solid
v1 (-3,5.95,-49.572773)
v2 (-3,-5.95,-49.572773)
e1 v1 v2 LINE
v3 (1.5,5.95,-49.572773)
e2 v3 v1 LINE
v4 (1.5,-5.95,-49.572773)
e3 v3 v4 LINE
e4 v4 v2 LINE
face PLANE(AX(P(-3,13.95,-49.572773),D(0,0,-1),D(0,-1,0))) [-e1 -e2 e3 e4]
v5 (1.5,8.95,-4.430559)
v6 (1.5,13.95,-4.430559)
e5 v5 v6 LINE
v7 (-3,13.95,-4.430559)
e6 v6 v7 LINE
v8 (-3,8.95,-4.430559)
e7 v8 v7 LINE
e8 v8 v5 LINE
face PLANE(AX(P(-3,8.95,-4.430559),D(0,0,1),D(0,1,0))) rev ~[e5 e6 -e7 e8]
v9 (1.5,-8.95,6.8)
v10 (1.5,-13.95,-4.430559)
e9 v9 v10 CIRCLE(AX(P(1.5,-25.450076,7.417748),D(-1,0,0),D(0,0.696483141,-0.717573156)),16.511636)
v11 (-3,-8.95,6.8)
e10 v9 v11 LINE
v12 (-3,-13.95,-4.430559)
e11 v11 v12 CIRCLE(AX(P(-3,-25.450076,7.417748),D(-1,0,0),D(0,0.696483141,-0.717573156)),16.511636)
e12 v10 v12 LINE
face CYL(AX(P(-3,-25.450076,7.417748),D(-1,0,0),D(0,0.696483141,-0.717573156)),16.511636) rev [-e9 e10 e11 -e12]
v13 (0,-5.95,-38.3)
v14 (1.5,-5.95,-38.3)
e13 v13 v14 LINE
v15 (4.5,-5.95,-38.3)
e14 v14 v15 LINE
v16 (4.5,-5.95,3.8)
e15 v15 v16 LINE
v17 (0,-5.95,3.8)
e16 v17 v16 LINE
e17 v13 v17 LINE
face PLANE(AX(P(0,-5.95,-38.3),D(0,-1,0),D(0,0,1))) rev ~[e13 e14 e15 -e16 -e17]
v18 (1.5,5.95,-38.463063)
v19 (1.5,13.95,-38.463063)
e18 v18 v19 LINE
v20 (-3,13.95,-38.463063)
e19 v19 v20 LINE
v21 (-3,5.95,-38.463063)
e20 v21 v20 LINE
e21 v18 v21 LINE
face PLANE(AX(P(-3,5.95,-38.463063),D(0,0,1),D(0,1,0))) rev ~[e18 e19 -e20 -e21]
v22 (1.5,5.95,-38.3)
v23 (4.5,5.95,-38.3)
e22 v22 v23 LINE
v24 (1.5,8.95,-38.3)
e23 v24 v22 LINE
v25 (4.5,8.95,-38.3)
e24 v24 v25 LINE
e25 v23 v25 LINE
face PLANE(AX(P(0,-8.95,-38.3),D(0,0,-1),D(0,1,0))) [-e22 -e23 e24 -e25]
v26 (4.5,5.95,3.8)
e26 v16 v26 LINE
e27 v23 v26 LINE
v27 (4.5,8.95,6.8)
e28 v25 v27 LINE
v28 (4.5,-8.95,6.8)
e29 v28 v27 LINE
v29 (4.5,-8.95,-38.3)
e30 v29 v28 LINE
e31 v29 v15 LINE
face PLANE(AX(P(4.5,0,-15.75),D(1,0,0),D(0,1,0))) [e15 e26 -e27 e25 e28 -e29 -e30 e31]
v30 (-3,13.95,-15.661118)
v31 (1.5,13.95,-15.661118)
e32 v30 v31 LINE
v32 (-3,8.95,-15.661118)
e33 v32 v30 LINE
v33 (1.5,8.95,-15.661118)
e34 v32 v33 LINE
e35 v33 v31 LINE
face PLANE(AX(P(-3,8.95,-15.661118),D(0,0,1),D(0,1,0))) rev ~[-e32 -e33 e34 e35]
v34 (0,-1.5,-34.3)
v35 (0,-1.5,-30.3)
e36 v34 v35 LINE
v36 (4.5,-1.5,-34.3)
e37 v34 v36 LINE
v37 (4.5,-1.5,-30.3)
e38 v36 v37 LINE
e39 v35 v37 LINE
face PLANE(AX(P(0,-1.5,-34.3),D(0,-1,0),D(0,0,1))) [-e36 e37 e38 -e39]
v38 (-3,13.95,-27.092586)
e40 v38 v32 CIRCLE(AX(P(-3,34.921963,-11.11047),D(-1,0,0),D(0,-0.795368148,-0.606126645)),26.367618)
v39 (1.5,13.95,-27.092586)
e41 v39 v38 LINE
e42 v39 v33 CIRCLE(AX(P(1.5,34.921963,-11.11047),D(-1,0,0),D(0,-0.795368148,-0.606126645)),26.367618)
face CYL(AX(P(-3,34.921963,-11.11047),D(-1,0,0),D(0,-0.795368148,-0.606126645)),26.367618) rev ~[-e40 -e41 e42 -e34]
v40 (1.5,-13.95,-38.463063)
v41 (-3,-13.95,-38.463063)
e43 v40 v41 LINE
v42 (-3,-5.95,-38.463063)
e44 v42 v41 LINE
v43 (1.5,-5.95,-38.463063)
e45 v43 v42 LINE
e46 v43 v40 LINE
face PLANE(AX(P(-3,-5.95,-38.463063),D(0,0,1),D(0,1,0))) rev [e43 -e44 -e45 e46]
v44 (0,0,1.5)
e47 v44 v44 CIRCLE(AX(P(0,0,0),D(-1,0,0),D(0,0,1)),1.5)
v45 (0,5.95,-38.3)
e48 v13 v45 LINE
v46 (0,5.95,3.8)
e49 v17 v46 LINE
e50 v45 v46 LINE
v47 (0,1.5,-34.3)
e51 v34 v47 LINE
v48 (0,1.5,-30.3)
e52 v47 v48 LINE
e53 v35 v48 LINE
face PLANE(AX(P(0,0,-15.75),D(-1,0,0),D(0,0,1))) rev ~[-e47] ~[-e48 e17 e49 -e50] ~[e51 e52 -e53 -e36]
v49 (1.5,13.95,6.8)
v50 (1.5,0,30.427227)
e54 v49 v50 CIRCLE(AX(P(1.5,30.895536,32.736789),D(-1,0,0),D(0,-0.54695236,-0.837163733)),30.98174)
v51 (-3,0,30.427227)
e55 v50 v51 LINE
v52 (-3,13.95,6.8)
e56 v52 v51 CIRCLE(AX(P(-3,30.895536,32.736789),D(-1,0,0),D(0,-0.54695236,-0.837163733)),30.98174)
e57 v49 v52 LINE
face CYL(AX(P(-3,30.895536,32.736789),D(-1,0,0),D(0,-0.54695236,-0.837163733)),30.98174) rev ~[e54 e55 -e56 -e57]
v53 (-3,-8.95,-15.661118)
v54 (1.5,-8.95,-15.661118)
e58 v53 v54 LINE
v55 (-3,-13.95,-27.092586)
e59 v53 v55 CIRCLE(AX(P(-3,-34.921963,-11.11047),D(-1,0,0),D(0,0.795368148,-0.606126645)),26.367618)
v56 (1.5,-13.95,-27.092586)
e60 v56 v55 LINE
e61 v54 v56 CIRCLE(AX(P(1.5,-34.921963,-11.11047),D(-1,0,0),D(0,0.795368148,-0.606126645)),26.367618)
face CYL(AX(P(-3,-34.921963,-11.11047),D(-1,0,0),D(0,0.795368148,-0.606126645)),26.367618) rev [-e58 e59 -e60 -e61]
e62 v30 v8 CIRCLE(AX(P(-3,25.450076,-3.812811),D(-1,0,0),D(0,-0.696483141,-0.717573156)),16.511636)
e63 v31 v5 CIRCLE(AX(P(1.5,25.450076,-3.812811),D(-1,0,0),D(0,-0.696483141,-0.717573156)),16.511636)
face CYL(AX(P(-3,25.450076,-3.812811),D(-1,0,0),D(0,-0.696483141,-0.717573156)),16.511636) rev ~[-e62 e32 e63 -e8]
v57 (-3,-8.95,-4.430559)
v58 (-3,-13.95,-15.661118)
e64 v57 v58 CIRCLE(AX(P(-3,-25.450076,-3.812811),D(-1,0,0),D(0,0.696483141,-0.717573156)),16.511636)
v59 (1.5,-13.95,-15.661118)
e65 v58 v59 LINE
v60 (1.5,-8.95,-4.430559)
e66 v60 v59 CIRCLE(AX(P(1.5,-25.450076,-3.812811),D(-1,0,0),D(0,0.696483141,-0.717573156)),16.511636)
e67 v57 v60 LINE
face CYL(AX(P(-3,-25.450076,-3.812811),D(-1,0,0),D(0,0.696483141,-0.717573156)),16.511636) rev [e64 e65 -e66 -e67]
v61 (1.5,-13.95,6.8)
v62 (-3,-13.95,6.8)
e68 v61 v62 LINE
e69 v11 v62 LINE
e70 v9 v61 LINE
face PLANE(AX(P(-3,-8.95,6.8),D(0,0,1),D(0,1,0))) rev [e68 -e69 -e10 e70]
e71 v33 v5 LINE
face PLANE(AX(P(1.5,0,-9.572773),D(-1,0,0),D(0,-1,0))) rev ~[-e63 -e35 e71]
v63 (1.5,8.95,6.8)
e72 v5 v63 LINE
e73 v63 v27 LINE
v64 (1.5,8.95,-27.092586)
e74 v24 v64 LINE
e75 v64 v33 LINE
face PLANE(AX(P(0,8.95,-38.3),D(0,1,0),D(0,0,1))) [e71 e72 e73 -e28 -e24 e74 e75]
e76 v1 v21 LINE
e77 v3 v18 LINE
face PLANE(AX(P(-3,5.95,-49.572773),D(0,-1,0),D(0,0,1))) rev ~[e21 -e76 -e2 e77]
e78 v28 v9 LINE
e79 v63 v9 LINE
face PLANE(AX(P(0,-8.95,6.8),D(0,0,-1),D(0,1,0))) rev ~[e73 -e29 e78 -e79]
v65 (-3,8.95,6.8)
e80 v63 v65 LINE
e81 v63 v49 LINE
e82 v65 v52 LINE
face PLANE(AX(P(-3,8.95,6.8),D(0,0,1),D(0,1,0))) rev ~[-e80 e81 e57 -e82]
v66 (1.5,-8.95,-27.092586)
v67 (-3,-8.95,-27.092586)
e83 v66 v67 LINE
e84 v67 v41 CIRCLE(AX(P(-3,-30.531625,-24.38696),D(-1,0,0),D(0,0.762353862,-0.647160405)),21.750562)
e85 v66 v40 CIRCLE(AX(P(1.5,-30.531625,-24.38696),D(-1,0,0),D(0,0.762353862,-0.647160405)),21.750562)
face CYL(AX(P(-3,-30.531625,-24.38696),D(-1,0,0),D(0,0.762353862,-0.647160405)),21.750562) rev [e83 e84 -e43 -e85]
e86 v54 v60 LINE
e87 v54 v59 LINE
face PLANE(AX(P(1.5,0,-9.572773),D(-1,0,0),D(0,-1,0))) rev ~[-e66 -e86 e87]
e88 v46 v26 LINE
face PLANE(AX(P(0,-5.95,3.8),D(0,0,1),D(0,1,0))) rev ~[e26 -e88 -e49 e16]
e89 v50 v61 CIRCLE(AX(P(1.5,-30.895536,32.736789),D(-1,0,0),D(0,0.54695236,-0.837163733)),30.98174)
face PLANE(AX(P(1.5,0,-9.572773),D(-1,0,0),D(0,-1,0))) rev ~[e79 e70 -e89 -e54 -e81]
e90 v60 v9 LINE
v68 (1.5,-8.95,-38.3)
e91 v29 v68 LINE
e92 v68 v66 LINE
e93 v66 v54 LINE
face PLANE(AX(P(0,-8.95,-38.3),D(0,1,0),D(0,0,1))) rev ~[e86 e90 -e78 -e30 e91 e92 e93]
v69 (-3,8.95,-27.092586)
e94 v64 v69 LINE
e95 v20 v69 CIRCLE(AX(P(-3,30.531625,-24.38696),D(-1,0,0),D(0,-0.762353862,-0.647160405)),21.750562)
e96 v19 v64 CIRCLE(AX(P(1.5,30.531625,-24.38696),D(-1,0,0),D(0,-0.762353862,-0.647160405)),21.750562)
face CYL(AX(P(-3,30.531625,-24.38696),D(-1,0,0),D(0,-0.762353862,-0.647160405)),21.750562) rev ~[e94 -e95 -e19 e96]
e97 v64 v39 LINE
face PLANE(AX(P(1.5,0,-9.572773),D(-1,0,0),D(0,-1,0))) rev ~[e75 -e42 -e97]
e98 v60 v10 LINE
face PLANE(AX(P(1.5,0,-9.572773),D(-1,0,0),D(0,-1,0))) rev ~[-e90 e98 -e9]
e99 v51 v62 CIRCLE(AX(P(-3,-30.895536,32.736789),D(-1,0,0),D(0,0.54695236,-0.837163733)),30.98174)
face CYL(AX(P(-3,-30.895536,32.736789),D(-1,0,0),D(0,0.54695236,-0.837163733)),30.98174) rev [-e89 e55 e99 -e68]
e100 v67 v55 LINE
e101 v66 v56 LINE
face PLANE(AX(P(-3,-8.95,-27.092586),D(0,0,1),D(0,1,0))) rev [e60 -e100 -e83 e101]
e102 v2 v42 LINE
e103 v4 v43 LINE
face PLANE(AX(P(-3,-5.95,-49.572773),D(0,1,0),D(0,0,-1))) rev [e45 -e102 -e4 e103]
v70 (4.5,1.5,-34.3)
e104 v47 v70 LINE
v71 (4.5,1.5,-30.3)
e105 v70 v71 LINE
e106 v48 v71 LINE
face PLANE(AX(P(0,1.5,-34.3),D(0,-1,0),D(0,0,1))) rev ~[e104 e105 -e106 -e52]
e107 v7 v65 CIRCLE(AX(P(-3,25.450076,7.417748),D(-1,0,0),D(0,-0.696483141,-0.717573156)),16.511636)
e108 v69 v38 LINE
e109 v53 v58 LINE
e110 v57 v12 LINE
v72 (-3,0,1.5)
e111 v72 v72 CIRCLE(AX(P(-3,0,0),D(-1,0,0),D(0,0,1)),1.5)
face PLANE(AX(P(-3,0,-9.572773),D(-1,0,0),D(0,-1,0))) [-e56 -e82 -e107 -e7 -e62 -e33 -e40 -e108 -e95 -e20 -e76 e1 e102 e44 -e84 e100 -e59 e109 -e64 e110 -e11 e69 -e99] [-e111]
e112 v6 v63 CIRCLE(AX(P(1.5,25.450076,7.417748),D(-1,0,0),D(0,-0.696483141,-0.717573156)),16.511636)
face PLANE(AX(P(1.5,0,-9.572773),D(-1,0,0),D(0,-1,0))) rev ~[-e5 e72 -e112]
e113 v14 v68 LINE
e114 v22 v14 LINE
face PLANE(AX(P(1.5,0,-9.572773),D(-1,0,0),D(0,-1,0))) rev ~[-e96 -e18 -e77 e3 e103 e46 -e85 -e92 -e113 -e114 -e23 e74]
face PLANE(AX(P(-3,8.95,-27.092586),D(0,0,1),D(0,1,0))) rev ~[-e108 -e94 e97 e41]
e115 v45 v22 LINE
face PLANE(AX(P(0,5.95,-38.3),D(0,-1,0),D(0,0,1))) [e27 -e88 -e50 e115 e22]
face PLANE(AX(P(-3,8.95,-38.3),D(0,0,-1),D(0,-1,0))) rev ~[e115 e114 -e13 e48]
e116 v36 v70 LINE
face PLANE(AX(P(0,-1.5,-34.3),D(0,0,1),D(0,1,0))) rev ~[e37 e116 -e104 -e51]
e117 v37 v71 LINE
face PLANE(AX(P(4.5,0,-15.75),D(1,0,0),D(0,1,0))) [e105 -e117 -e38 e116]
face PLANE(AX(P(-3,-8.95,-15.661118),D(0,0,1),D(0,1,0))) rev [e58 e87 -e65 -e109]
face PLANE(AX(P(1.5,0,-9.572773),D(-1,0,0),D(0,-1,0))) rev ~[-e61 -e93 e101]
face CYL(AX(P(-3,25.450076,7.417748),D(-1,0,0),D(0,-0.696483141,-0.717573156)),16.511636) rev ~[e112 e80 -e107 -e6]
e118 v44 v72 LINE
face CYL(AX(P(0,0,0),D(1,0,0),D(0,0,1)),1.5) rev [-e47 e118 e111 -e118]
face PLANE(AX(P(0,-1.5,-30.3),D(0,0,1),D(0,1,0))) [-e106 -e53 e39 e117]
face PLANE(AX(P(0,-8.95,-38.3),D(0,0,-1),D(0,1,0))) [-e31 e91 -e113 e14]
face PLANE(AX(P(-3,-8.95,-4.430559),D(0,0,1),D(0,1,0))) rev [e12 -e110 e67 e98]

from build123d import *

# Parameters (mm, degrees)
SKETCH1_W               = 3
SKETCH1_H               = 42.1
SKETCH1_H_2             = 4
BOSS_EXTRUDE1_DEPTH     = 12
SKETCH3_W               = 45.1
SKETCH3_H               = 17.9
SKETCH3_R               = 1.5
BOSS_EXTRUDE2_DEPTH     = 3
SKETCH5_W               = 17.9
SKETCH5_H               = 45.1
BOSS_EXTRUDE4_DEPTH     = 4.5
CUT_EXTRUDE4_DEPTH      = 54.638254019
CUT_EXTRUDE5_DEPTH      = 54.638254019
CUT_EXTRUDE5_DEPTH_BACK = 7.5
SKETCH7_W               = 17.9
SKETCH7_H               = 45.1


with BuildPart() as part:
    # Sketch1 → Boss-Extrude1 (new body)
    with BuildSketch(Plane.YZ):
        Polygon((-5.95, 3.8), (5.95, 3.8), (8.95, 3.8), (8.95, 6.8), (-8.95, 6.8), (-8.95, 3.8), align=None)
        with Locations((-7.45, -17.25)):
            Rectangle(SKETCH1_W, SKETCH1_H)
        with Locations((7.45, -17.25)):
            Rectangle(SKETCH1_W, SKETCH1_H)
        with Locations((0, -32.3)):
            Rectangle(SKETCH1_W, SKETCH1_H_2)
    extrude(amount=BOSS_EXTRUDE1_DEPTH)

    # Sketch3 → Boss-Extrude2 (add)
    with BuildSketch(Plane.ZY):
        with Locations((-15.75, 0)):
            Rectangle(SKETCH3_W, SKETCH3_H)
        Circle(SKETCH3_R, mode=Mode.SUBTRACT)
    extrude(amount=BOSS_EXTRUDE2_DEPTH)

    # Sketch5 → Boss-Extrude4 (add)
    with BuildSketch(Plane(origin=(-3, 0, 0), x_dir=(0, -1, 0), z_dir=(-1, 0, 0))):
        Polygon((-13.95, 21.583539772), (-13.95, -49.572772711), (13.95, -49.572772711), (13.95, 20.927227289), (13.95, 30.427227289), (-13.95, 30.427227289), align=None)
        with Locations((0, -15.75)):
            Rectangle(SKETCH5_W, SKETCH5_H, mode=Mode.SUBTRACT)
    extrude(amount=-BOSS_EXTRUDE4_DEPTH)

    # Sketch6 → Cut-Extrude4 (cut, symmetric)
    with BuildSketch(Plane(origin=(-3, 0, 0), x_dir=(0, -1, 0), z_dir=(-1, 0, 0))):
        with BuildLine():
            Line((-8.95, -4.430558852), (-13.95, -4.430558852))
            ThreePointArc((-13.95, -4.430558852), (-10.365862707, 0.702047669), (-8.95, 6.8))
            Line((-8.95, 6.8), (-13.95, 6.8))
            ThreePointArc((-13.95, 6.8), (-4.216827043, 16.985131712), (0, 30.427227289))
            Line((0, 30.427227289), (0, 38.207310194))
            Line((0, 38.207310194), (-27.495186948, 38.207310194))
            Line((-27.495186948, 38.207310194), (-27.495186948, -49.572772711))
            Line((-27.495186948, -49.572772711), (-5.95, -49.572772711))
            Line((-5.95, -49.572772711), (-5.95, -38.463062756))
            Line((-5.95, -38.463062756), (-13.95, -38.463062756))
            ThreePointArc((-13.95, -38.463062756), (-10.621066319, -33.1423359), (-8.95, -27.092586229))
            Line((-8.95, -27.092586229), (-13.95, -27.092586229))
            ThreePointArc((-13.95, -27.092586229), (-10.764093377, -21.676860063), (-8.95, -15.661117704))
            Line((-8.95, -15.661117704), (-13.95, -15.661117704))
            ThreePointArc((-13.95, -15.661117704), (-10.365862707, -10.528511183), (-8.95, -4.430558852))
        make_face()
    cut_extrude4 = extrude(amount=CUT_EXTRUDE4_DEPTH, both=True, mode=Mode.SUBTRACT)

    # Mirror1: Cut-Extrude4 across plane
    add(cut_extrude4.mirror(Plane.ZX), mode=Mode.SUBTRACT)

    # Sketch7 → Cut-Extrude5 (cut, two sides: drawn at the far end of the back side and taken through both)
    with BuildSketch(Plane.YZ.offset(12).offset(-CUT_EXTRUDE5_DEPTH_BACK)):
        with Locations((0, -15.75)):
            Rectangle(SKETCH7_W, SKETCH7_H)
    extrude(amount=CUT_EXTRUDE5_DEPTH + CUT_EXTRUDE5_DEPTH_BACK, mode=Mode.SUBTRACT)


solid = part.part
